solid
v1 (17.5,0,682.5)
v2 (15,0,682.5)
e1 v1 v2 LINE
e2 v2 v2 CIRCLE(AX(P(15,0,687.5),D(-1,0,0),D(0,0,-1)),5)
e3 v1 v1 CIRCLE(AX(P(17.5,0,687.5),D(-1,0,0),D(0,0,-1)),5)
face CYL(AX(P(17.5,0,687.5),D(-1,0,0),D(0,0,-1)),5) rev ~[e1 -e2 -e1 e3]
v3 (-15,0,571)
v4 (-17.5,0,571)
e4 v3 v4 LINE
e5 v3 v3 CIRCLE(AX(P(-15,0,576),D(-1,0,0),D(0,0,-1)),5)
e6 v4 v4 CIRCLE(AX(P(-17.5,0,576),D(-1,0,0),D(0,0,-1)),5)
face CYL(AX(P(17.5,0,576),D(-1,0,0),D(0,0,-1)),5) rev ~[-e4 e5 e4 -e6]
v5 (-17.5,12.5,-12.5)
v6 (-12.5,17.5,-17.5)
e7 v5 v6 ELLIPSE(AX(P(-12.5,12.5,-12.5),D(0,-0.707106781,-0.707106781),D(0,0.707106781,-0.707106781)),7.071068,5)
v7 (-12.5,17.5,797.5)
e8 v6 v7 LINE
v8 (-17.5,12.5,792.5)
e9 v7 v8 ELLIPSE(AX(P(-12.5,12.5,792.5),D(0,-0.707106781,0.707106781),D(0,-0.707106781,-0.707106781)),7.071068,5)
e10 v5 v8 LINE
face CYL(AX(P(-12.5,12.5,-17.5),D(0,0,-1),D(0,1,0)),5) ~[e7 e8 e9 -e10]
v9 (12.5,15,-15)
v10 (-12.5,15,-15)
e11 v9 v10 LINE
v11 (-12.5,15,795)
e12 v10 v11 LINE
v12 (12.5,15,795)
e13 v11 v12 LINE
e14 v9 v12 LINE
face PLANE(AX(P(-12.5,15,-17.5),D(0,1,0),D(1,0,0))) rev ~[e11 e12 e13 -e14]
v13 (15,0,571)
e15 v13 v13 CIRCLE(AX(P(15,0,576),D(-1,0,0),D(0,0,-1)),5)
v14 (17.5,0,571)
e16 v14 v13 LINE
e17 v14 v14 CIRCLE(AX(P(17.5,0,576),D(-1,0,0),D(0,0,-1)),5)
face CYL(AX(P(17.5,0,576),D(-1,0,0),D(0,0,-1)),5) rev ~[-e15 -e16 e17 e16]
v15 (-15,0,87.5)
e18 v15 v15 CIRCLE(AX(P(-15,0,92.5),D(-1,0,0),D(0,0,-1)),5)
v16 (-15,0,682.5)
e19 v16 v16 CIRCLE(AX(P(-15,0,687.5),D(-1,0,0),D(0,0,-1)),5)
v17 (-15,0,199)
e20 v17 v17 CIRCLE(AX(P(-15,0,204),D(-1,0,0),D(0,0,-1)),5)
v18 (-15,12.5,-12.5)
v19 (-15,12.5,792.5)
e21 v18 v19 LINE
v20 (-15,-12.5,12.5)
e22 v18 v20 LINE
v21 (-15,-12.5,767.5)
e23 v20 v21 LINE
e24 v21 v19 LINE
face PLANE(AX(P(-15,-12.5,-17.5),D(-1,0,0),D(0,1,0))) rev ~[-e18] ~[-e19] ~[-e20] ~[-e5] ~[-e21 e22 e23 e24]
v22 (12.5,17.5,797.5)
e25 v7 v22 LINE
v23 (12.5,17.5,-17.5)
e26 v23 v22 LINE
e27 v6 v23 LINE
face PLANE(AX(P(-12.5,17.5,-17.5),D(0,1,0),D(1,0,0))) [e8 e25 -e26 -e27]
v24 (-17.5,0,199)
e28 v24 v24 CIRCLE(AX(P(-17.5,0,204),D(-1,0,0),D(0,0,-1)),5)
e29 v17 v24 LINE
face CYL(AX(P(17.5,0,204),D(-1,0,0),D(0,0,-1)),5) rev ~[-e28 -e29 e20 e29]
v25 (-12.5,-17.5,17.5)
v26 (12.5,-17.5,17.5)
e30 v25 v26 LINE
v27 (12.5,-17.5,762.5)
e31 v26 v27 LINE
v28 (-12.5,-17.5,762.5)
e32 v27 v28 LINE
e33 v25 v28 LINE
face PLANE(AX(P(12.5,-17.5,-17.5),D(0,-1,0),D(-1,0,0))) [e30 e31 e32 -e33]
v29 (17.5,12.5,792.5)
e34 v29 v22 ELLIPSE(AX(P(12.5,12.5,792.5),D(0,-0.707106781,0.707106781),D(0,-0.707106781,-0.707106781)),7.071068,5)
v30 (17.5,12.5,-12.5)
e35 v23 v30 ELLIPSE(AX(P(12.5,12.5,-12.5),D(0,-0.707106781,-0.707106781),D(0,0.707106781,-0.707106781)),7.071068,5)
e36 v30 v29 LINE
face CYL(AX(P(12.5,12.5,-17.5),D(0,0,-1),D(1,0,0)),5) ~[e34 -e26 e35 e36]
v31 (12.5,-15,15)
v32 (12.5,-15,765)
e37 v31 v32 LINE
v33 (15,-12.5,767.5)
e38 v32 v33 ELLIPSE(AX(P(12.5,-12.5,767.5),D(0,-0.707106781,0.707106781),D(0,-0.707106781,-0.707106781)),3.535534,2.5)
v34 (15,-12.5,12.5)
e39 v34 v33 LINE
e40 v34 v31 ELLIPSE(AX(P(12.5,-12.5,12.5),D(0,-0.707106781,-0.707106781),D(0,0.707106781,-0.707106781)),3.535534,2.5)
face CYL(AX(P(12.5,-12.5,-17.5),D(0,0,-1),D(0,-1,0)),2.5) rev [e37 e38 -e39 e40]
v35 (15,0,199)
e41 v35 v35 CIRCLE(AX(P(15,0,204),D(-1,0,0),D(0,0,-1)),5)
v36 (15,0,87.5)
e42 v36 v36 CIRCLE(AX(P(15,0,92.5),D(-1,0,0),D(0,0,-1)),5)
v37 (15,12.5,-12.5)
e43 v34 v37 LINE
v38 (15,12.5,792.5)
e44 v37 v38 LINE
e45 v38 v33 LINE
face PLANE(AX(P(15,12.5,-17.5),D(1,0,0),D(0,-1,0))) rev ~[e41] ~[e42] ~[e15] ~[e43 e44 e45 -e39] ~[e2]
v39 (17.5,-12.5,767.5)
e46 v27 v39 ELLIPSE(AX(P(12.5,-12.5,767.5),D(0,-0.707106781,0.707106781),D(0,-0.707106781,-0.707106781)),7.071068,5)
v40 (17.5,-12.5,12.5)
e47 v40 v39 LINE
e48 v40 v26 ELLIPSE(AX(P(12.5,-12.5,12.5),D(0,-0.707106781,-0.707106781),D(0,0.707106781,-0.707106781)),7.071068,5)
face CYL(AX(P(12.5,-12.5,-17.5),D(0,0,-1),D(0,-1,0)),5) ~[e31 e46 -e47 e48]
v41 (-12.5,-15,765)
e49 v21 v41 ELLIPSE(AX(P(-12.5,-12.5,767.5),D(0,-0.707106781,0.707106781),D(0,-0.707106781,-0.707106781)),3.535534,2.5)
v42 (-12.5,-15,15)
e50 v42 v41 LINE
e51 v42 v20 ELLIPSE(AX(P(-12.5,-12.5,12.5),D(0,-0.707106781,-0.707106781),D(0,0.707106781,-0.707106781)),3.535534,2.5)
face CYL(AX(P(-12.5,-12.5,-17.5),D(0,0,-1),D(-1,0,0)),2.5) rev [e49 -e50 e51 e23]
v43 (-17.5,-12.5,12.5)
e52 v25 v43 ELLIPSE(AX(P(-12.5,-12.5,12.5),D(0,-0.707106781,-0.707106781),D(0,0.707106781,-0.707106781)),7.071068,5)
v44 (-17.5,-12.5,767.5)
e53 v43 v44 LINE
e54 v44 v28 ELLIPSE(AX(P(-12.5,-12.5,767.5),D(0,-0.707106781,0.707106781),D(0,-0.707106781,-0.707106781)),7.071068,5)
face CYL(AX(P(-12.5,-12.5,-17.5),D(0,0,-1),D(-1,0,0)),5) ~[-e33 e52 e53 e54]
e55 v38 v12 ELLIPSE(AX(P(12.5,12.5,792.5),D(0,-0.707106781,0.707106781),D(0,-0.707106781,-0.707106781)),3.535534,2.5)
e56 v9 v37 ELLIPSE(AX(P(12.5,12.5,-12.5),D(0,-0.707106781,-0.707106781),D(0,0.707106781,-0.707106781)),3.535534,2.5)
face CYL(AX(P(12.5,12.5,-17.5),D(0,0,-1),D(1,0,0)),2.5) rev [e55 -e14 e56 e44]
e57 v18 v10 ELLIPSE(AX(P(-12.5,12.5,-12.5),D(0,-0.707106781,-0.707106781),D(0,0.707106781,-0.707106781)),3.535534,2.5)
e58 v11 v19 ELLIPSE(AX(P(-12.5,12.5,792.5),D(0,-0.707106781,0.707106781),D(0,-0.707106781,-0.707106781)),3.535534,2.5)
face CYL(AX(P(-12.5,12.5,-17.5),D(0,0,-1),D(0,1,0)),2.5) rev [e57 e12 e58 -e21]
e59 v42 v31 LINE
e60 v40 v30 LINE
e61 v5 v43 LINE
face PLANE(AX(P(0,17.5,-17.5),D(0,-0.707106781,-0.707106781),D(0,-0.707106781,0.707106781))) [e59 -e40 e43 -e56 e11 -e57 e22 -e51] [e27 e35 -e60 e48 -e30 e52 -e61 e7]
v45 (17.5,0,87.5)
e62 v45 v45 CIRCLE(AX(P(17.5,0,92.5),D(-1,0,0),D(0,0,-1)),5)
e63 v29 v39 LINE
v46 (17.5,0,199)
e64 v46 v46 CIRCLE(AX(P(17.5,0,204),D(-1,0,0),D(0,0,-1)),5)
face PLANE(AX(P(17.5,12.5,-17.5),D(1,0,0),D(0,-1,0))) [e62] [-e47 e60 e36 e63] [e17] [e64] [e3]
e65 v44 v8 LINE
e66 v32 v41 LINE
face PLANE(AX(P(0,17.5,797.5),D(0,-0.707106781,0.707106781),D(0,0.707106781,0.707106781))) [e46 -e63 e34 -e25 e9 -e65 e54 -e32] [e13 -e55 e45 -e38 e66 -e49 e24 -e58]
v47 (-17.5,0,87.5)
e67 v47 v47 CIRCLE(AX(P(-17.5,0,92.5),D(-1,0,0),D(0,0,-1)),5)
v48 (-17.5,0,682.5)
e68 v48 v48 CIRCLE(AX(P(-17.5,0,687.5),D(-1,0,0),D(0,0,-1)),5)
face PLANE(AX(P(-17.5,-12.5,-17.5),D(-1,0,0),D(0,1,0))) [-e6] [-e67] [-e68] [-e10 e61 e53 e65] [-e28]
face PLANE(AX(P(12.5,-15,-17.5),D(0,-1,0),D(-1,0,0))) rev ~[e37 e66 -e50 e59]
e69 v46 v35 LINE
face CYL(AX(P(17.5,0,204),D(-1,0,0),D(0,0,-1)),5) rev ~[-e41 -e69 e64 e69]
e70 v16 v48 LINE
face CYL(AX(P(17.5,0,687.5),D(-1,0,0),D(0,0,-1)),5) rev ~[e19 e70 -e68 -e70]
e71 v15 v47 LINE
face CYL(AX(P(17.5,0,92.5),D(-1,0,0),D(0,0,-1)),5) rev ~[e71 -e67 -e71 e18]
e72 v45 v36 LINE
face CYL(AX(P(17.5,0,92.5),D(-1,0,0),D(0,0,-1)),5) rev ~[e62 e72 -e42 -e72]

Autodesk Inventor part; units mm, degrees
ref_plane "Start plane" through (0, 0, -17.5) normal (0, 0, 1) x (1, 0, 0)
ref_plane "End plane" through (0, 0, 797.5) normal (0, 0, 1) x (1, 0, 0)
sketch "Sketch" plane through (0, 0, 0) normal (0, 0, 1) x (1, 0, 0)
  line L0 (-17.5, -12.5) -> (-17.5, 12.5)
  line L1 (-12.5, 17.5) -> (12.5, 17.5)
  line L2 (17.5, 12.5) -> (17.5, -12.5)
  line L3 (12.5, -17.5) -> (-12.5, -17.5)
  arc A0 (-17.5, -12.5) -> (-12.5, -17.5) centre (-12.5, -12.5) ccw
  arc A1 (-12.5, 17.5) -> (-17.5, 12.5) centre (-12.5, 12.5) ccw
  arc A2 (17.5, 12.5) -> (12.5, 17.5) centre (12.5, 12.5) ccw
  arc A3 (12.5, -17.5) -> (17.5, -12.5) centre (12.5, -12.5) ccw
  arc A4 (-12.5, 15) -> (-15, 12.5) centre (-12.5, 12.5) ccw
  line L4 (-12.5, 15) -> (12.5, 15)
  arc A5 (15, 12.5) -> (12.5, 15) centre (12.5, 12.5) ccw
  line L5 (15, 12.5) -> (15, -12.5)
  arc A6 (12.5, -15) -> (15, -12.5) centre (12.5, -12.5) ccw
  line L6 (12.5, -15) -> (-12.5, -15)
  arc A7 (-15, -12.5) -> (-12.5, -15) centre (-12.5, -12.5) ccw
  line L7 (-15, -12.5) -> (-15, 12.5)
  line L8 (0, 25.9497) -> (0, -25.9497) construction
  line L9 (-25.9497, 0) -> (25.9497, 0) construction
  dimension "d7" = 5
  dimension "d10" = 35
  dimension "d11" = 35
  dimension "d12" = 2.5
  dimension "d15" = 17.5
  dimension "d16" = 17.5
extrude "Body" add sketch "Sketch" along normal up to surface (815 mm away) from surface at -17.5
sketch "Sketch3" plane through (0, 0, 0) normal (0, 0, 1) x (1, 0, 0)
  line L0 (0, 0) -> (10, 0)
ref_plane "Work Plane3" through (0, 0, 0) normal (0, -1, 0) x (1, 0, 0)
sketch "Sketch4" plane through (0, 0, 0) normal (0, -1, 0) x (1, 0, 0)
  line L0 (-2, -17.5) -> (12, -17.5)
  line L1 (-2, 797.5) -> (12, 797.5)
  dimension "d18" = 815
ref_plane "Work Plane4" through (-17.5, 0, -17.5) normal (0, 0, -1) x (-1, 0, 0)
split "Split1" plane through (-17.5, 0, -17.5) removes the side toward (0, 0, -1)
ref_plane "Work Plane5" through (-107.5, 0, 797.5) normal (0, 0, 1) x (1, 0, 0)
split "Split2" plane through (-107.5, 0, 797.5) removes the side toward (0, 0, 1)
ref_plane "Work Plane6" through (0, 17.5, -17.5) normal (0, -0.7071, -0.7071) x (1, 0, 0)
split "Split3" plane through (0, 17.5, -17.5) removes the side toward (0, -0.7071, -0.7071)
ref_plane "Work Plane8" through (0, 17.5, 797.5) normal (0, -0.7071, 0.7071) x (1, 0, 0)
split "Split5" plane through (0, 17.5, 797.5) removes the side toward (0, -0.7071, 0.7071)
sketch "Sketch5" plane through (17.5, 12.5, 792.5) normal (1, 0, 0) x (0, 0, -1)
  line L0 (0, 0) -> (25, -25) construction
  line L1 (25, -25) -> (780, -25) construction
  line L2 (780, -25) -> (805, 0) construction
  line L3 (0, 0) -> (805, 0) construction
  line L4 (30, -475) -> (30, -30) construction
  line L5 (775, -30) -> (775, -95) construction
  line L6 (105, 0) -> (105, -25) construction
  line L7 (25, -25) -> (780, -25) construction
  line L8 (216.5, 0) -> (216.5, -25) construction
  line L9 (105, -12.5) -> (216.5, -12.5) construction
  line L10 (700, 0) -> (700, -25) construction
  line L11 (0, 0) -> (805, 0) construction
  line L12 (588.5, 0) -> (588.5, -25) construction
  line L13 (588.5, -12.5) -> (700, -12.5) construction
  point P0 (792.5, -12.5)
  point P1 (15, 0)
  dimension "d19" = 75
  dimension "d20" = 111.5
  dimension "d21" = 75
  dimension "d22" = 111.5
hole "Hole1" at (17.5, 0, 687.5) at (17.5, 0, 576) at (17.5, 0, 204) at (17.5, 0, 92.5) direction (-1, 0, 0) diameter 10 end through all
equation "\"d7\" = G_IR"
equation "\"d10\" = G_H"
equation "\"d11\" = G_W"
equation "\"d12\" = G_T"
equation "\"d15\" = 0.5 * d10"
equation "\"d16\" = 0.5 * d11"
equation "\"d3\" = G_L"
equation "\"G_W\" = 35"
equation "\"G_H\" = 35"
equation "\"G_T\" = 2.5"
equation "\"G_IR\" = 5"
equation "\"G_L\" = d18"
equation "\"G_OFFSET_START\" = 17.5"
equation "\"G_OFFSET_END\" = 17.5"
equation "\"d13\" = -G_OFFSET_START"
equation "\"d14\" = G_OFFSET_END + B_L"
equation "\"B_L\" = 780"
properties part number "AS 1163 - C350L0 35x35x2.5 SHS - 815" material "Steel, Mild"
